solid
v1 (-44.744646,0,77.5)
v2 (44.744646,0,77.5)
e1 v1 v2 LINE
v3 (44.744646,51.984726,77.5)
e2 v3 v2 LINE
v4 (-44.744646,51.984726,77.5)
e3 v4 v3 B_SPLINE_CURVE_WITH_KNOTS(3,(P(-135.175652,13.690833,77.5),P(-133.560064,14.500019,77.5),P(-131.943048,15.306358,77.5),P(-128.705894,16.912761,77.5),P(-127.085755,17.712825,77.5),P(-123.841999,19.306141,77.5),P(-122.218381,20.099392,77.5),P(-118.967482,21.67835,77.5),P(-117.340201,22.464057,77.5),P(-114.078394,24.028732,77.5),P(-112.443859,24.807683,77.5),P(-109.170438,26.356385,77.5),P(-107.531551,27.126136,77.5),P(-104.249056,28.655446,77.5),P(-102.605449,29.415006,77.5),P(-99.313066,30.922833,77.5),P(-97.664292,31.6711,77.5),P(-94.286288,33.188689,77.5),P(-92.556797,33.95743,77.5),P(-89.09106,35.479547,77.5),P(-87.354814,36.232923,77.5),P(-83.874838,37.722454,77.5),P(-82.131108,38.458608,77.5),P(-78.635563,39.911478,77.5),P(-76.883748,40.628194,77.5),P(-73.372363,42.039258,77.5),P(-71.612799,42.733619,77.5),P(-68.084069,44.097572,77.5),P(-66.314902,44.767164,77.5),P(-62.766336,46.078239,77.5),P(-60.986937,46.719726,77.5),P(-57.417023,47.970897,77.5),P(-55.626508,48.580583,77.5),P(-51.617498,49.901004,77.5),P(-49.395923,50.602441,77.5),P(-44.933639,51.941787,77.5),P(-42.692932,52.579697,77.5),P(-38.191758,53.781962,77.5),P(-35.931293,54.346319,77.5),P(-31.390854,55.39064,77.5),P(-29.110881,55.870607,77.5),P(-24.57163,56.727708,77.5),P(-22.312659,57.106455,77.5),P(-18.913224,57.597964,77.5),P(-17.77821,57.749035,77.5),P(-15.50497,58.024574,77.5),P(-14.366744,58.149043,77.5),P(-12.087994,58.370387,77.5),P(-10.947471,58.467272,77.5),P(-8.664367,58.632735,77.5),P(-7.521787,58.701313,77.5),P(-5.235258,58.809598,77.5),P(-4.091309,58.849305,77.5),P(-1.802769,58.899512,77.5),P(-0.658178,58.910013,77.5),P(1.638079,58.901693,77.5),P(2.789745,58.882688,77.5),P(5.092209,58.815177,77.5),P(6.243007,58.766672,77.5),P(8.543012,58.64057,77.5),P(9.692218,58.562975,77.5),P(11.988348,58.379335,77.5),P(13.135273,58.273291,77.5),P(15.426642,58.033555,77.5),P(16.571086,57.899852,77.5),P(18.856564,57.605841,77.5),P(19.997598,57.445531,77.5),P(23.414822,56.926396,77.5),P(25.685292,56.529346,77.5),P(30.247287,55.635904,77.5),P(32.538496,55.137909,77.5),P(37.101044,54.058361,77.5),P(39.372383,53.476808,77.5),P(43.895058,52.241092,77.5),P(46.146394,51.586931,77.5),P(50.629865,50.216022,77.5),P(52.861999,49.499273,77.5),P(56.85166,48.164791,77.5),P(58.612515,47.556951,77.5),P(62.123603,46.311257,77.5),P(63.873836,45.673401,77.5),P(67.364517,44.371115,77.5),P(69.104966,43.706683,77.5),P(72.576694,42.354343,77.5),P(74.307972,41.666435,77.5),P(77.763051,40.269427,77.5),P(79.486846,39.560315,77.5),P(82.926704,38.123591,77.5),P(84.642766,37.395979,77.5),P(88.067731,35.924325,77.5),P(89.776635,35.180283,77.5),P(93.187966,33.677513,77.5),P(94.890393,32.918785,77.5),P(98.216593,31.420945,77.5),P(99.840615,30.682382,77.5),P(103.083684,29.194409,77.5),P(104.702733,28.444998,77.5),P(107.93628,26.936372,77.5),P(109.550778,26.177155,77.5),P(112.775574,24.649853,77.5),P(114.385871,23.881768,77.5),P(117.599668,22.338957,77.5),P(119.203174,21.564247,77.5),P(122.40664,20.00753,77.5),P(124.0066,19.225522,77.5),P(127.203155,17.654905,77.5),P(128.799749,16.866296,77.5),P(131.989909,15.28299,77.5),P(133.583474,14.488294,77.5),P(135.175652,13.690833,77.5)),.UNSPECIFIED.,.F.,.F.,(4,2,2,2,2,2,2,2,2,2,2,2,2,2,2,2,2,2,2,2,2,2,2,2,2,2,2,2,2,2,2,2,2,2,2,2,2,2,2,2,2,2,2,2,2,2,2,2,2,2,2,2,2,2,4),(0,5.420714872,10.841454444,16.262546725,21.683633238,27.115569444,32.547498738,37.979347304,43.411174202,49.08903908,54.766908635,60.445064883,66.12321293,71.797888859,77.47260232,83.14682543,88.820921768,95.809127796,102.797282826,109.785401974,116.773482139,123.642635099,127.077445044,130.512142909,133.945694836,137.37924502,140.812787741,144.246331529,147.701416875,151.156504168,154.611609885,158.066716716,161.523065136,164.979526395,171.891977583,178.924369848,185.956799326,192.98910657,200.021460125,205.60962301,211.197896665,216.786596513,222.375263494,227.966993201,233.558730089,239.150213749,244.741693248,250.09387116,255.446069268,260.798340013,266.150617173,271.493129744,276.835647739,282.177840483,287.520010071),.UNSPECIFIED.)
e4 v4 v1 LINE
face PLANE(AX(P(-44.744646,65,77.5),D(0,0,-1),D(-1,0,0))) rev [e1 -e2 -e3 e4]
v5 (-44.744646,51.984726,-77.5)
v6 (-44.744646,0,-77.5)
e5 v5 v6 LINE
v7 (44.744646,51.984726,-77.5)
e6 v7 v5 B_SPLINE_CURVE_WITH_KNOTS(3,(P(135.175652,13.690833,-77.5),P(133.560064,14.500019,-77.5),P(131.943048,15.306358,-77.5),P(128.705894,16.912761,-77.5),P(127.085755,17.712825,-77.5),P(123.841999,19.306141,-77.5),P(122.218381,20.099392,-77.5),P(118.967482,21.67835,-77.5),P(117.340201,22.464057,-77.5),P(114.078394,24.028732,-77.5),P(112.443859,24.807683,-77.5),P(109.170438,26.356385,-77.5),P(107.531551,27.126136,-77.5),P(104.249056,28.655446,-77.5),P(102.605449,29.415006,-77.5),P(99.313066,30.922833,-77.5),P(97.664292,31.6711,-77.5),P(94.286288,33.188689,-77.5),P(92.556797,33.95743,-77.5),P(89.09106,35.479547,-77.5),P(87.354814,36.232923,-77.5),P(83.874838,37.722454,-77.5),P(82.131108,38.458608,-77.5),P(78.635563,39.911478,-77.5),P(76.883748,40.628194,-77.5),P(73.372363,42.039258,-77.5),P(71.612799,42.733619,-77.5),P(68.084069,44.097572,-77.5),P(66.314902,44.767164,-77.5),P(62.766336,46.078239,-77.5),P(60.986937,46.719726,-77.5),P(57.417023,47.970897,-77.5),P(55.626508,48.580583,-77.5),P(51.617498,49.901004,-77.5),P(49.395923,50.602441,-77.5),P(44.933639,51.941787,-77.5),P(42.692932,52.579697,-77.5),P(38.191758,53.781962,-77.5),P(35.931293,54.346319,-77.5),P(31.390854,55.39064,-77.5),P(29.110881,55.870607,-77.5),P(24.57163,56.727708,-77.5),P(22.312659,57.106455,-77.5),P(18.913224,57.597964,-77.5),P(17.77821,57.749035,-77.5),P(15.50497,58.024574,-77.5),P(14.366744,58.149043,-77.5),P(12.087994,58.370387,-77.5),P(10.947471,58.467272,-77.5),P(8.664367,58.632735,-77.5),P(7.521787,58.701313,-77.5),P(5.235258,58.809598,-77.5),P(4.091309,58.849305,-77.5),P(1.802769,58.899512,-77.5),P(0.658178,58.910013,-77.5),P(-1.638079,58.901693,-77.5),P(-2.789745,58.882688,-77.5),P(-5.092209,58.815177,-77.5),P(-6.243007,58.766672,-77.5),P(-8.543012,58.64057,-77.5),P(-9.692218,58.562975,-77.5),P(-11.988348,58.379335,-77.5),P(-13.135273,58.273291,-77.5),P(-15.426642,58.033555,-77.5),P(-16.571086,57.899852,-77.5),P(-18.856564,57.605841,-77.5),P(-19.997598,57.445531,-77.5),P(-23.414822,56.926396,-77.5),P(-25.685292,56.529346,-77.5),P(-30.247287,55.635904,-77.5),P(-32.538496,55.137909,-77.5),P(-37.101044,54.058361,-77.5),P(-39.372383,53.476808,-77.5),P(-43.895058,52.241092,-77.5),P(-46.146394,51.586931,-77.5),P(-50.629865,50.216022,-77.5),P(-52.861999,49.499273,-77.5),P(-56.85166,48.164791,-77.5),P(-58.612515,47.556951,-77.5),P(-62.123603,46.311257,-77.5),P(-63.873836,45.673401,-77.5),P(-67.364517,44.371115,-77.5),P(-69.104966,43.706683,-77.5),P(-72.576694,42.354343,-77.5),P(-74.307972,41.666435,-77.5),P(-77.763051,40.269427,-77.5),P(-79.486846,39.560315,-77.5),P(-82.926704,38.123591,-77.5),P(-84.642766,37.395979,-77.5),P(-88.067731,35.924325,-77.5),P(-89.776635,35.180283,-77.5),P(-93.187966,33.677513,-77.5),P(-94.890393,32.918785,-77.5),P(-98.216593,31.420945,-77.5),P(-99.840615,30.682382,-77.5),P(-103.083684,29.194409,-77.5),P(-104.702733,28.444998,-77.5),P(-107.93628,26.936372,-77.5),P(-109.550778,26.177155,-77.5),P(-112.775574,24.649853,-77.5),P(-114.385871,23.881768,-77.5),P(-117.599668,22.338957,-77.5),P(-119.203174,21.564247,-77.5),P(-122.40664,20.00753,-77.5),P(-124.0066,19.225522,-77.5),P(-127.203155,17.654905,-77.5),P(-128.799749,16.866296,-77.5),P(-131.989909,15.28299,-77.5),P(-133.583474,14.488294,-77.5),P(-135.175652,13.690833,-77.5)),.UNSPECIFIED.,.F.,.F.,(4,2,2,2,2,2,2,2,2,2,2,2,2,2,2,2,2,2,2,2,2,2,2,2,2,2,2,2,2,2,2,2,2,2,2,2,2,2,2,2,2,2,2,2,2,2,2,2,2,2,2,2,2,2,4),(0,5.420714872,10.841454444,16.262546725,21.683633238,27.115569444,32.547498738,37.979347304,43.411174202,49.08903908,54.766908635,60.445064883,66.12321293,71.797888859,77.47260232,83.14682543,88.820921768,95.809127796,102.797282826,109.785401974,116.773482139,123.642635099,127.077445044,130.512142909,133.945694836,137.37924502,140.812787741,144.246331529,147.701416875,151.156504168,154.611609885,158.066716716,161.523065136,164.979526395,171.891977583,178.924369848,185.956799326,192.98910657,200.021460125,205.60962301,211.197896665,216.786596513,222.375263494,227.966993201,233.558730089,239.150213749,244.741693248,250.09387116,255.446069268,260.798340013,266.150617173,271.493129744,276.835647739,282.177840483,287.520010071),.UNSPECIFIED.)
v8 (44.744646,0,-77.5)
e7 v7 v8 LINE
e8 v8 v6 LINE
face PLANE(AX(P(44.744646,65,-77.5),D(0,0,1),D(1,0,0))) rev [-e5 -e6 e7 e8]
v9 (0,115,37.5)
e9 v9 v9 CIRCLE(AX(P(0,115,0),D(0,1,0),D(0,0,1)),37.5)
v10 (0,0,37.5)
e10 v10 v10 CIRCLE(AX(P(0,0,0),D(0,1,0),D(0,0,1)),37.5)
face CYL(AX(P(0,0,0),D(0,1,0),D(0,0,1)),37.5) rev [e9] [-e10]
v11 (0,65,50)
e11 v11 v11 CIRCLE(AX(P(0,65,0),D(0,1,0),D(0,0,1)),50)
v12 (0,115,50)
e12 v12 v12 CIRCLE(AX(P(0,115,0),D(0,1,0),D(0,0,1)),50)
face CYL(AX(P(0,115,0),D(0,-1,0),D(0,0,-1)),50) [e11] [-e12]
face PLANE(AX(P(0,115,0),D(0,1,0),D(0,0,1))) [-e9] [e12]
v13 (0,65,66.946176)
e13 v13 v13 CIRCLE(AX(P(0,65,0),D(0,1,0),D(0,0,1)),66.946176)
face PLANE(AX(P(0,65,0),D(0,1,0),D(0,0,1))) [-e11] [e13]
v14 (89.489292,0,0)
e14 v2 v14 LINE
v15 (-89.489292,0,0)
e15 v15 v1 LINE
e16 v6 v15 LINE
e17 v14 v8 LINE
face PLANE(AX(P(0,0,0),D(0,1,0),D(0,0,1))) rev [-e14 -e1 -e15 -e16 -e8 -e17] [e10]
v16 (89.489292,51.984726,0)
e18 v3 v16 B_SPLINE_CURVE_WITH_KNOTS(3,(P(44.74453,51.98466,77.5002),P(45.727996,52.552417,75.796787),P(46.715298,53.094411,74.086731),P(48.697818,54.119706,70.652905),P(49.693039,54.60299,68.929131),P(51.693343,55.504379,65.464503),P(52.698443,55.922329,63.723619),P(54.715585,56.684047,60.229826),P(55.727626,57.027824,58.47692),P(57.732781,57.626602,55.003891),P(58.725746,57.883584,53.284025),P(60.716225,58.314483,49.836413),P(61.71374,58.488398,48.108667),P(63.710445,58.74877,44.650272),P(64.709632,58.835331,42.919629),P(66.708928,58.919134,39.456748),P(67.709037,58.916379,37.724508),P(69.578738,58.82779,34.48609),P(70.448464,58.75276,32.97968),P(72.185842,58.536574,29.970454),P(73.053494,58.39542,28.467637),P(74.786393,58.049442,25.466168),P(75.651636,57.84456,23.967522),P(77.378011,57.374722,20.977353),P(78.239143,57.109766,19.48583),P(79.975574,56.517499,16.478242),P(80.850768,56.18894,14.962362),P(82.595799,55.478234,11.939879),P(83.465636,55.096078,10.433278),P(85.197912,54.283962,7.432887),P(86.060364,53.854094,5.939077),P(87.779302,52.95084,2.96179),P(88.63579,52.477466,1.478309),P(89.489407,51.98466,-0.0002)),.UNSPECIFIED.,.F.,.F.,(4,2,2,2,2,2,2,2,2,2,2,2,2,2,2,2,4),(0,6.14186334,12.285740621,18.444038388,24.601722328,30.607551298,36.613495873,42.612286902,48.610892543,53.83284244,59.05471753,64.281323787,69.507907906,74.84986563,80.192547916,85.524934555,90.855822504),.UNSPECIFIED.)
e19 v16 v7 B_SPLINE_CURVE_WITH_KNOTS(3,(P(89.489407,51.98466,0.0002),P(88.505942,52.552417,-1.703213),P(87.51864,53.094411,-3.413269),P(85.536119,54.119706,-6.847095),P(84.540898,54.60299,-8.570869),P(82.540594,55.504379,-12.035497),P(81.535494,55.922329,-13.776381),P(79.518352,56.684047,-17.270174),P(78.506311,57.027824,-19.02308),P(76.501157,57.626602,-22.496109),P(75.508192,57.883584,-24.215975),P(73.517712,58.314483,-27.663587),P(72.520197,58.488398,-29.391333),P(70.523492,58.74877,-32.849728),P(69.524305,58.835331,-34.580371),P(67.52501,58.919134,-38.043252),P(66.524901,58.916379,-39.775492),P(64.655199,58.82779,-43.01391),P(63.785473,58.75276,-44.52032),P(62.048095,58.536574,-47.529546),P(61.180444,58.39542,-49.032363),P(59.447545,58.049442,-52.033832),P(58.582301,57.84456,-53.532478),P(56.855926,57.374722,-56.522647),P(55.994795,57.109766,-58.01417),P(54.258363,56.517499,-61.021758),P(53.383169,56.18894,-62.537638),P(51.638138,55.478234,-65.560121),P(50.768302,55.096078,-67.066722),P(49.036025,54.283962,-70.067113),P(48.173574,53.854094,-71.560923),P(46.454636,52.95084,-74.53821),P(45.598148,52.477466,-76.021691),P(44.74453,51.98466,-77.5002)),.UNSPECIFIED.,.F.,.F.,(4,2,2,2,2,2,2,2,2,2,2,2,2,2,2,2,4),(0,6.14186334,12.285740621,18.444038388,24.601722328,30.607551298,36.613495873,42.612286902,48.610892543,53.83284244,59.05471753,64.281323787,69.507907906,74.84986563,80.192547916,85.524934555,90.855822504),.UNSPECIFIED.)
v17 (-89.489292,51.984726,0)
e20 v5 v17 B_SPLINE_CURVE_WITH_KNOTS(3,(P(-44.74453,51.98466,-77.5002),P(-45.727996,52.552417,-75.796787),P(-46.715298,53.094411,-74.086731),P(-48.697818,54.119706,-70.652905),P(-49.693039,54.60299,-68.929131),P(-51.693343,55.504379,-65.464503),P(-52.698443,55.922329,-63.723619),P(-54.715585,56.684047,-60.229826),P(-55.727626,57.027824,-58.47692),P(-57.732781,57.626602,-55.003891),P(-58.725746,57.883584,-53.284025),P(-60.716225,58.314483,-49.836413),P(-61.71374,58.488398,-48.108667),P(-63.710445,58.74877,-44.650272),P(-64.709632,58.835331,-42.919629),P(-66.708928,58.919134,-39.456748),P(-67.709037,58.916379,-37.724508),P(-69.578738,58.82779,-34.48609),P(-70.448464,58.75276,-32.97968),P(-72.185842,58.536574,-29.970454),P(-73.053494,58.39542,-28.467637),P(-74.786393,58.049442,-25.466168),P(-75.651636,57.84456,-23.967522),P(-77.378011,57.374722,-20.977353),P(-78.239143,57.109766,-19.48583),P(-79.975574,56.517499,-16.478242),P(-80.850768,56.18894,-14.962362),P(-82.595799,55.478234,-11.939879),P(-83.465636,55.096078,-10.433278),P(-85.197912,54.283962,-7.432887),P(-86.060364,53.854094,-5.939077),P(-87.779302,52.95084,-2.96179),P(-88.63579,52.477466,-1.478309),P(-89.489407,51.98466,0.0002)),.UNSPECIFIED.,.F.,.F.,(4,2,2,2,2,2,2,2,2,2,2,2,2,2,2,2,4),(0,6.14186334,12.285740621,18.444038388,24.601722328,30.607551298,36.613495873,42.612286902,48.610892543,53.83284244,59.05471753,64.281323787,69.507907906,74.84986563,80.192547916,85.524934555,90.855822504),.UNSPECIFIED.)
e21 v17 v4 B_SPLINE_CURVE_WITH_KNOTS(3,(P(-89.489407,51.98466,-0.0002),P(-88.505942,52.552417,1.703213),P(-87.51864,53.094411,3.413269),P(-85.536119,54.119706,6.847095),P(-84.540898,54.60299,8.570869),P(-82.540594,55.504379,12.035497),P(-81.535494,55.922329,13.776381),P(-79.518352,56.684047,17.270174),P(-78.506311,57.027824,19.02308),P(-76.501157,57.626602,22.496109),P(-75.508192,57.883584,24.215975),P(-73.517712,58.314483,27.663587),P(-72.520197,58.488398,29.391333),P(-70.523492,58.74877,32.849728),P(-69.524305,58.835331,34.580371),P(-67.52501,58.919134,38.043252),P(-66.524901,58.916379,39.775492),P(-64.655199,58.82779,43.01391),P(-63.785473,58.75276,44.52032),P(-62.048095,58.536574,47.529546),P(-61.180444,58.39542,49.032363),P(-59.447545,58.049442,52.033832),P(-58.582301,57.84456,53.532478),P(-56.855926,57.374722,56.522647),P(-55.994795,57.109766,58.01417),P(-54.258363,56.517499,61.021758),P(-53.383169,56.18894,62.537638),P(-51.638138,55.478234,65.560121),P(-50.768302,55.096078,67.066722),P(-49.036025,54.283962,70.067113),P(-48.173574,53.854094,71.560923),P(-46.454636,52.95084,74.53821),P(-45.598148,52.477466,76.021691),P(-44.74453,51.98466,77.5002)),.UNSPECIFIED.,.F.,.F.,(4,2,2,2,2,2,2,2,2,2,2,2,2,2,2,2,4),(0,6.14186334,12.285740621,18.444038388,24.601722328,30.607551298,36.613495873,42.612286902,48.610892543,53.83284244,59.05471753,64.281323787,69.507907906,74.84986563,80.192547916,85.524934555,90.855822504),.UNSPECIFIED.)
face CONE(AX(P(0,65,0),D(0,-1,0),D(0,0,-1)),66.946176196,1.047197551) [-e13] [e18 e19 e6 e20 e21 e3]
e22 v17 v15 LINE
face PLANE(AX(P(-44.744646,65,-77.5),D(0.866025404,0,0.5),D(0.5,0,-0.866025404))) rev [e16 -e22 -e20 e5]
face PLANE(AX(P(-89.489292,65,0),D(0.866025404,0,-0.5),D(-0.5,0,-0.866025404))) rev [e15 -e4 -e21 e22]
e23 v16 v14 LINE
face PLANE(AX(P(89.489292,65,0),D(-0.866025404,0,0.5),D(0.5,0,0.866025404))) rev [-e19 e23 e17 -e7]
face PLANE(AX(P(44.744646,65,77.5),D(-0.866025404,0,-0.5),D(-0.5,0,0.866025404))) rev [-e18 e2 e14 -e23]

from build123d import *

# Parameters (mm, degrees)
BOSS_EXTRUDE1_DEPTH = 65
SKETCH7_R           = 50
BOSS_EXTRUDE2_DEPTH = 50
SKETCH8_R           = 37.5
CUT_EXTRUDE1_DEPTH  = 166.044186003


with BuildPart() as part:
    # Sketch1 → Boss-Extrude1 (new body)
    with BuildSketch(Plane(origin=(0, 0, 0), x_dir=(1, 0, 0), z_dir=(0, 1, 0))):
        Polygon((44.744645862, -77.5), (89.489291724, 0), (44.744645862, 77.5), (-44.744645862, 77.5), (-89.489291724, 0), (-44.744645862, -77.5), align=None)
    extrude(amount=BOSS_EXTRUDE1_DEPTH)

    # Sketch5 → Cut-Revolve1 (revolve, cut)
    with BuildSketch(Plane.XY, mode=Mode.PRIVATE) as cut_revolve1_sk:
        Polygon((66.946176196, 65), (89.489291724, 65), (89.489291724, 51.984726181), align=None)
    revolve(cut_revolve1_sk.sketch.rotate(Axis((0, 80.544335103, 0), (0, -1, 0)), 300.000000001), axis=Axis((0, 80.544335103, 0), (0, -1, 0)), mode=Mode.SUBTRACT)

    # Sketch7 → Boss-Extrude2 (add)
    with BuildSketch(Plane(origin=(0, 65, 0), x_dir=(1, 0, 0), z_dir=(0, 1, 0))):
        with Locations(Location((0, 0, 0), (0, 0, 270))):
            Circle(SKETCH7_R)
    extrude(amount=BOSS_EXTRUDE2_DEPTH)

    # Sketch8 → Cut-Extrude1 (cut, through all)
    with BuildSketch(Plane(origin=(0, 115, 0), x_dir=(1, 0, 0), z_dir=(0, 1, 0))):
        with Locations(Location((0, 0, 0), (0, 0, 270))):
            Circle(SKETCH8_R)
    extrude(amount=-CUT_EXTRUDE1_DEPTH, mode=Mode.SUBTRACT)


solid = part.part
